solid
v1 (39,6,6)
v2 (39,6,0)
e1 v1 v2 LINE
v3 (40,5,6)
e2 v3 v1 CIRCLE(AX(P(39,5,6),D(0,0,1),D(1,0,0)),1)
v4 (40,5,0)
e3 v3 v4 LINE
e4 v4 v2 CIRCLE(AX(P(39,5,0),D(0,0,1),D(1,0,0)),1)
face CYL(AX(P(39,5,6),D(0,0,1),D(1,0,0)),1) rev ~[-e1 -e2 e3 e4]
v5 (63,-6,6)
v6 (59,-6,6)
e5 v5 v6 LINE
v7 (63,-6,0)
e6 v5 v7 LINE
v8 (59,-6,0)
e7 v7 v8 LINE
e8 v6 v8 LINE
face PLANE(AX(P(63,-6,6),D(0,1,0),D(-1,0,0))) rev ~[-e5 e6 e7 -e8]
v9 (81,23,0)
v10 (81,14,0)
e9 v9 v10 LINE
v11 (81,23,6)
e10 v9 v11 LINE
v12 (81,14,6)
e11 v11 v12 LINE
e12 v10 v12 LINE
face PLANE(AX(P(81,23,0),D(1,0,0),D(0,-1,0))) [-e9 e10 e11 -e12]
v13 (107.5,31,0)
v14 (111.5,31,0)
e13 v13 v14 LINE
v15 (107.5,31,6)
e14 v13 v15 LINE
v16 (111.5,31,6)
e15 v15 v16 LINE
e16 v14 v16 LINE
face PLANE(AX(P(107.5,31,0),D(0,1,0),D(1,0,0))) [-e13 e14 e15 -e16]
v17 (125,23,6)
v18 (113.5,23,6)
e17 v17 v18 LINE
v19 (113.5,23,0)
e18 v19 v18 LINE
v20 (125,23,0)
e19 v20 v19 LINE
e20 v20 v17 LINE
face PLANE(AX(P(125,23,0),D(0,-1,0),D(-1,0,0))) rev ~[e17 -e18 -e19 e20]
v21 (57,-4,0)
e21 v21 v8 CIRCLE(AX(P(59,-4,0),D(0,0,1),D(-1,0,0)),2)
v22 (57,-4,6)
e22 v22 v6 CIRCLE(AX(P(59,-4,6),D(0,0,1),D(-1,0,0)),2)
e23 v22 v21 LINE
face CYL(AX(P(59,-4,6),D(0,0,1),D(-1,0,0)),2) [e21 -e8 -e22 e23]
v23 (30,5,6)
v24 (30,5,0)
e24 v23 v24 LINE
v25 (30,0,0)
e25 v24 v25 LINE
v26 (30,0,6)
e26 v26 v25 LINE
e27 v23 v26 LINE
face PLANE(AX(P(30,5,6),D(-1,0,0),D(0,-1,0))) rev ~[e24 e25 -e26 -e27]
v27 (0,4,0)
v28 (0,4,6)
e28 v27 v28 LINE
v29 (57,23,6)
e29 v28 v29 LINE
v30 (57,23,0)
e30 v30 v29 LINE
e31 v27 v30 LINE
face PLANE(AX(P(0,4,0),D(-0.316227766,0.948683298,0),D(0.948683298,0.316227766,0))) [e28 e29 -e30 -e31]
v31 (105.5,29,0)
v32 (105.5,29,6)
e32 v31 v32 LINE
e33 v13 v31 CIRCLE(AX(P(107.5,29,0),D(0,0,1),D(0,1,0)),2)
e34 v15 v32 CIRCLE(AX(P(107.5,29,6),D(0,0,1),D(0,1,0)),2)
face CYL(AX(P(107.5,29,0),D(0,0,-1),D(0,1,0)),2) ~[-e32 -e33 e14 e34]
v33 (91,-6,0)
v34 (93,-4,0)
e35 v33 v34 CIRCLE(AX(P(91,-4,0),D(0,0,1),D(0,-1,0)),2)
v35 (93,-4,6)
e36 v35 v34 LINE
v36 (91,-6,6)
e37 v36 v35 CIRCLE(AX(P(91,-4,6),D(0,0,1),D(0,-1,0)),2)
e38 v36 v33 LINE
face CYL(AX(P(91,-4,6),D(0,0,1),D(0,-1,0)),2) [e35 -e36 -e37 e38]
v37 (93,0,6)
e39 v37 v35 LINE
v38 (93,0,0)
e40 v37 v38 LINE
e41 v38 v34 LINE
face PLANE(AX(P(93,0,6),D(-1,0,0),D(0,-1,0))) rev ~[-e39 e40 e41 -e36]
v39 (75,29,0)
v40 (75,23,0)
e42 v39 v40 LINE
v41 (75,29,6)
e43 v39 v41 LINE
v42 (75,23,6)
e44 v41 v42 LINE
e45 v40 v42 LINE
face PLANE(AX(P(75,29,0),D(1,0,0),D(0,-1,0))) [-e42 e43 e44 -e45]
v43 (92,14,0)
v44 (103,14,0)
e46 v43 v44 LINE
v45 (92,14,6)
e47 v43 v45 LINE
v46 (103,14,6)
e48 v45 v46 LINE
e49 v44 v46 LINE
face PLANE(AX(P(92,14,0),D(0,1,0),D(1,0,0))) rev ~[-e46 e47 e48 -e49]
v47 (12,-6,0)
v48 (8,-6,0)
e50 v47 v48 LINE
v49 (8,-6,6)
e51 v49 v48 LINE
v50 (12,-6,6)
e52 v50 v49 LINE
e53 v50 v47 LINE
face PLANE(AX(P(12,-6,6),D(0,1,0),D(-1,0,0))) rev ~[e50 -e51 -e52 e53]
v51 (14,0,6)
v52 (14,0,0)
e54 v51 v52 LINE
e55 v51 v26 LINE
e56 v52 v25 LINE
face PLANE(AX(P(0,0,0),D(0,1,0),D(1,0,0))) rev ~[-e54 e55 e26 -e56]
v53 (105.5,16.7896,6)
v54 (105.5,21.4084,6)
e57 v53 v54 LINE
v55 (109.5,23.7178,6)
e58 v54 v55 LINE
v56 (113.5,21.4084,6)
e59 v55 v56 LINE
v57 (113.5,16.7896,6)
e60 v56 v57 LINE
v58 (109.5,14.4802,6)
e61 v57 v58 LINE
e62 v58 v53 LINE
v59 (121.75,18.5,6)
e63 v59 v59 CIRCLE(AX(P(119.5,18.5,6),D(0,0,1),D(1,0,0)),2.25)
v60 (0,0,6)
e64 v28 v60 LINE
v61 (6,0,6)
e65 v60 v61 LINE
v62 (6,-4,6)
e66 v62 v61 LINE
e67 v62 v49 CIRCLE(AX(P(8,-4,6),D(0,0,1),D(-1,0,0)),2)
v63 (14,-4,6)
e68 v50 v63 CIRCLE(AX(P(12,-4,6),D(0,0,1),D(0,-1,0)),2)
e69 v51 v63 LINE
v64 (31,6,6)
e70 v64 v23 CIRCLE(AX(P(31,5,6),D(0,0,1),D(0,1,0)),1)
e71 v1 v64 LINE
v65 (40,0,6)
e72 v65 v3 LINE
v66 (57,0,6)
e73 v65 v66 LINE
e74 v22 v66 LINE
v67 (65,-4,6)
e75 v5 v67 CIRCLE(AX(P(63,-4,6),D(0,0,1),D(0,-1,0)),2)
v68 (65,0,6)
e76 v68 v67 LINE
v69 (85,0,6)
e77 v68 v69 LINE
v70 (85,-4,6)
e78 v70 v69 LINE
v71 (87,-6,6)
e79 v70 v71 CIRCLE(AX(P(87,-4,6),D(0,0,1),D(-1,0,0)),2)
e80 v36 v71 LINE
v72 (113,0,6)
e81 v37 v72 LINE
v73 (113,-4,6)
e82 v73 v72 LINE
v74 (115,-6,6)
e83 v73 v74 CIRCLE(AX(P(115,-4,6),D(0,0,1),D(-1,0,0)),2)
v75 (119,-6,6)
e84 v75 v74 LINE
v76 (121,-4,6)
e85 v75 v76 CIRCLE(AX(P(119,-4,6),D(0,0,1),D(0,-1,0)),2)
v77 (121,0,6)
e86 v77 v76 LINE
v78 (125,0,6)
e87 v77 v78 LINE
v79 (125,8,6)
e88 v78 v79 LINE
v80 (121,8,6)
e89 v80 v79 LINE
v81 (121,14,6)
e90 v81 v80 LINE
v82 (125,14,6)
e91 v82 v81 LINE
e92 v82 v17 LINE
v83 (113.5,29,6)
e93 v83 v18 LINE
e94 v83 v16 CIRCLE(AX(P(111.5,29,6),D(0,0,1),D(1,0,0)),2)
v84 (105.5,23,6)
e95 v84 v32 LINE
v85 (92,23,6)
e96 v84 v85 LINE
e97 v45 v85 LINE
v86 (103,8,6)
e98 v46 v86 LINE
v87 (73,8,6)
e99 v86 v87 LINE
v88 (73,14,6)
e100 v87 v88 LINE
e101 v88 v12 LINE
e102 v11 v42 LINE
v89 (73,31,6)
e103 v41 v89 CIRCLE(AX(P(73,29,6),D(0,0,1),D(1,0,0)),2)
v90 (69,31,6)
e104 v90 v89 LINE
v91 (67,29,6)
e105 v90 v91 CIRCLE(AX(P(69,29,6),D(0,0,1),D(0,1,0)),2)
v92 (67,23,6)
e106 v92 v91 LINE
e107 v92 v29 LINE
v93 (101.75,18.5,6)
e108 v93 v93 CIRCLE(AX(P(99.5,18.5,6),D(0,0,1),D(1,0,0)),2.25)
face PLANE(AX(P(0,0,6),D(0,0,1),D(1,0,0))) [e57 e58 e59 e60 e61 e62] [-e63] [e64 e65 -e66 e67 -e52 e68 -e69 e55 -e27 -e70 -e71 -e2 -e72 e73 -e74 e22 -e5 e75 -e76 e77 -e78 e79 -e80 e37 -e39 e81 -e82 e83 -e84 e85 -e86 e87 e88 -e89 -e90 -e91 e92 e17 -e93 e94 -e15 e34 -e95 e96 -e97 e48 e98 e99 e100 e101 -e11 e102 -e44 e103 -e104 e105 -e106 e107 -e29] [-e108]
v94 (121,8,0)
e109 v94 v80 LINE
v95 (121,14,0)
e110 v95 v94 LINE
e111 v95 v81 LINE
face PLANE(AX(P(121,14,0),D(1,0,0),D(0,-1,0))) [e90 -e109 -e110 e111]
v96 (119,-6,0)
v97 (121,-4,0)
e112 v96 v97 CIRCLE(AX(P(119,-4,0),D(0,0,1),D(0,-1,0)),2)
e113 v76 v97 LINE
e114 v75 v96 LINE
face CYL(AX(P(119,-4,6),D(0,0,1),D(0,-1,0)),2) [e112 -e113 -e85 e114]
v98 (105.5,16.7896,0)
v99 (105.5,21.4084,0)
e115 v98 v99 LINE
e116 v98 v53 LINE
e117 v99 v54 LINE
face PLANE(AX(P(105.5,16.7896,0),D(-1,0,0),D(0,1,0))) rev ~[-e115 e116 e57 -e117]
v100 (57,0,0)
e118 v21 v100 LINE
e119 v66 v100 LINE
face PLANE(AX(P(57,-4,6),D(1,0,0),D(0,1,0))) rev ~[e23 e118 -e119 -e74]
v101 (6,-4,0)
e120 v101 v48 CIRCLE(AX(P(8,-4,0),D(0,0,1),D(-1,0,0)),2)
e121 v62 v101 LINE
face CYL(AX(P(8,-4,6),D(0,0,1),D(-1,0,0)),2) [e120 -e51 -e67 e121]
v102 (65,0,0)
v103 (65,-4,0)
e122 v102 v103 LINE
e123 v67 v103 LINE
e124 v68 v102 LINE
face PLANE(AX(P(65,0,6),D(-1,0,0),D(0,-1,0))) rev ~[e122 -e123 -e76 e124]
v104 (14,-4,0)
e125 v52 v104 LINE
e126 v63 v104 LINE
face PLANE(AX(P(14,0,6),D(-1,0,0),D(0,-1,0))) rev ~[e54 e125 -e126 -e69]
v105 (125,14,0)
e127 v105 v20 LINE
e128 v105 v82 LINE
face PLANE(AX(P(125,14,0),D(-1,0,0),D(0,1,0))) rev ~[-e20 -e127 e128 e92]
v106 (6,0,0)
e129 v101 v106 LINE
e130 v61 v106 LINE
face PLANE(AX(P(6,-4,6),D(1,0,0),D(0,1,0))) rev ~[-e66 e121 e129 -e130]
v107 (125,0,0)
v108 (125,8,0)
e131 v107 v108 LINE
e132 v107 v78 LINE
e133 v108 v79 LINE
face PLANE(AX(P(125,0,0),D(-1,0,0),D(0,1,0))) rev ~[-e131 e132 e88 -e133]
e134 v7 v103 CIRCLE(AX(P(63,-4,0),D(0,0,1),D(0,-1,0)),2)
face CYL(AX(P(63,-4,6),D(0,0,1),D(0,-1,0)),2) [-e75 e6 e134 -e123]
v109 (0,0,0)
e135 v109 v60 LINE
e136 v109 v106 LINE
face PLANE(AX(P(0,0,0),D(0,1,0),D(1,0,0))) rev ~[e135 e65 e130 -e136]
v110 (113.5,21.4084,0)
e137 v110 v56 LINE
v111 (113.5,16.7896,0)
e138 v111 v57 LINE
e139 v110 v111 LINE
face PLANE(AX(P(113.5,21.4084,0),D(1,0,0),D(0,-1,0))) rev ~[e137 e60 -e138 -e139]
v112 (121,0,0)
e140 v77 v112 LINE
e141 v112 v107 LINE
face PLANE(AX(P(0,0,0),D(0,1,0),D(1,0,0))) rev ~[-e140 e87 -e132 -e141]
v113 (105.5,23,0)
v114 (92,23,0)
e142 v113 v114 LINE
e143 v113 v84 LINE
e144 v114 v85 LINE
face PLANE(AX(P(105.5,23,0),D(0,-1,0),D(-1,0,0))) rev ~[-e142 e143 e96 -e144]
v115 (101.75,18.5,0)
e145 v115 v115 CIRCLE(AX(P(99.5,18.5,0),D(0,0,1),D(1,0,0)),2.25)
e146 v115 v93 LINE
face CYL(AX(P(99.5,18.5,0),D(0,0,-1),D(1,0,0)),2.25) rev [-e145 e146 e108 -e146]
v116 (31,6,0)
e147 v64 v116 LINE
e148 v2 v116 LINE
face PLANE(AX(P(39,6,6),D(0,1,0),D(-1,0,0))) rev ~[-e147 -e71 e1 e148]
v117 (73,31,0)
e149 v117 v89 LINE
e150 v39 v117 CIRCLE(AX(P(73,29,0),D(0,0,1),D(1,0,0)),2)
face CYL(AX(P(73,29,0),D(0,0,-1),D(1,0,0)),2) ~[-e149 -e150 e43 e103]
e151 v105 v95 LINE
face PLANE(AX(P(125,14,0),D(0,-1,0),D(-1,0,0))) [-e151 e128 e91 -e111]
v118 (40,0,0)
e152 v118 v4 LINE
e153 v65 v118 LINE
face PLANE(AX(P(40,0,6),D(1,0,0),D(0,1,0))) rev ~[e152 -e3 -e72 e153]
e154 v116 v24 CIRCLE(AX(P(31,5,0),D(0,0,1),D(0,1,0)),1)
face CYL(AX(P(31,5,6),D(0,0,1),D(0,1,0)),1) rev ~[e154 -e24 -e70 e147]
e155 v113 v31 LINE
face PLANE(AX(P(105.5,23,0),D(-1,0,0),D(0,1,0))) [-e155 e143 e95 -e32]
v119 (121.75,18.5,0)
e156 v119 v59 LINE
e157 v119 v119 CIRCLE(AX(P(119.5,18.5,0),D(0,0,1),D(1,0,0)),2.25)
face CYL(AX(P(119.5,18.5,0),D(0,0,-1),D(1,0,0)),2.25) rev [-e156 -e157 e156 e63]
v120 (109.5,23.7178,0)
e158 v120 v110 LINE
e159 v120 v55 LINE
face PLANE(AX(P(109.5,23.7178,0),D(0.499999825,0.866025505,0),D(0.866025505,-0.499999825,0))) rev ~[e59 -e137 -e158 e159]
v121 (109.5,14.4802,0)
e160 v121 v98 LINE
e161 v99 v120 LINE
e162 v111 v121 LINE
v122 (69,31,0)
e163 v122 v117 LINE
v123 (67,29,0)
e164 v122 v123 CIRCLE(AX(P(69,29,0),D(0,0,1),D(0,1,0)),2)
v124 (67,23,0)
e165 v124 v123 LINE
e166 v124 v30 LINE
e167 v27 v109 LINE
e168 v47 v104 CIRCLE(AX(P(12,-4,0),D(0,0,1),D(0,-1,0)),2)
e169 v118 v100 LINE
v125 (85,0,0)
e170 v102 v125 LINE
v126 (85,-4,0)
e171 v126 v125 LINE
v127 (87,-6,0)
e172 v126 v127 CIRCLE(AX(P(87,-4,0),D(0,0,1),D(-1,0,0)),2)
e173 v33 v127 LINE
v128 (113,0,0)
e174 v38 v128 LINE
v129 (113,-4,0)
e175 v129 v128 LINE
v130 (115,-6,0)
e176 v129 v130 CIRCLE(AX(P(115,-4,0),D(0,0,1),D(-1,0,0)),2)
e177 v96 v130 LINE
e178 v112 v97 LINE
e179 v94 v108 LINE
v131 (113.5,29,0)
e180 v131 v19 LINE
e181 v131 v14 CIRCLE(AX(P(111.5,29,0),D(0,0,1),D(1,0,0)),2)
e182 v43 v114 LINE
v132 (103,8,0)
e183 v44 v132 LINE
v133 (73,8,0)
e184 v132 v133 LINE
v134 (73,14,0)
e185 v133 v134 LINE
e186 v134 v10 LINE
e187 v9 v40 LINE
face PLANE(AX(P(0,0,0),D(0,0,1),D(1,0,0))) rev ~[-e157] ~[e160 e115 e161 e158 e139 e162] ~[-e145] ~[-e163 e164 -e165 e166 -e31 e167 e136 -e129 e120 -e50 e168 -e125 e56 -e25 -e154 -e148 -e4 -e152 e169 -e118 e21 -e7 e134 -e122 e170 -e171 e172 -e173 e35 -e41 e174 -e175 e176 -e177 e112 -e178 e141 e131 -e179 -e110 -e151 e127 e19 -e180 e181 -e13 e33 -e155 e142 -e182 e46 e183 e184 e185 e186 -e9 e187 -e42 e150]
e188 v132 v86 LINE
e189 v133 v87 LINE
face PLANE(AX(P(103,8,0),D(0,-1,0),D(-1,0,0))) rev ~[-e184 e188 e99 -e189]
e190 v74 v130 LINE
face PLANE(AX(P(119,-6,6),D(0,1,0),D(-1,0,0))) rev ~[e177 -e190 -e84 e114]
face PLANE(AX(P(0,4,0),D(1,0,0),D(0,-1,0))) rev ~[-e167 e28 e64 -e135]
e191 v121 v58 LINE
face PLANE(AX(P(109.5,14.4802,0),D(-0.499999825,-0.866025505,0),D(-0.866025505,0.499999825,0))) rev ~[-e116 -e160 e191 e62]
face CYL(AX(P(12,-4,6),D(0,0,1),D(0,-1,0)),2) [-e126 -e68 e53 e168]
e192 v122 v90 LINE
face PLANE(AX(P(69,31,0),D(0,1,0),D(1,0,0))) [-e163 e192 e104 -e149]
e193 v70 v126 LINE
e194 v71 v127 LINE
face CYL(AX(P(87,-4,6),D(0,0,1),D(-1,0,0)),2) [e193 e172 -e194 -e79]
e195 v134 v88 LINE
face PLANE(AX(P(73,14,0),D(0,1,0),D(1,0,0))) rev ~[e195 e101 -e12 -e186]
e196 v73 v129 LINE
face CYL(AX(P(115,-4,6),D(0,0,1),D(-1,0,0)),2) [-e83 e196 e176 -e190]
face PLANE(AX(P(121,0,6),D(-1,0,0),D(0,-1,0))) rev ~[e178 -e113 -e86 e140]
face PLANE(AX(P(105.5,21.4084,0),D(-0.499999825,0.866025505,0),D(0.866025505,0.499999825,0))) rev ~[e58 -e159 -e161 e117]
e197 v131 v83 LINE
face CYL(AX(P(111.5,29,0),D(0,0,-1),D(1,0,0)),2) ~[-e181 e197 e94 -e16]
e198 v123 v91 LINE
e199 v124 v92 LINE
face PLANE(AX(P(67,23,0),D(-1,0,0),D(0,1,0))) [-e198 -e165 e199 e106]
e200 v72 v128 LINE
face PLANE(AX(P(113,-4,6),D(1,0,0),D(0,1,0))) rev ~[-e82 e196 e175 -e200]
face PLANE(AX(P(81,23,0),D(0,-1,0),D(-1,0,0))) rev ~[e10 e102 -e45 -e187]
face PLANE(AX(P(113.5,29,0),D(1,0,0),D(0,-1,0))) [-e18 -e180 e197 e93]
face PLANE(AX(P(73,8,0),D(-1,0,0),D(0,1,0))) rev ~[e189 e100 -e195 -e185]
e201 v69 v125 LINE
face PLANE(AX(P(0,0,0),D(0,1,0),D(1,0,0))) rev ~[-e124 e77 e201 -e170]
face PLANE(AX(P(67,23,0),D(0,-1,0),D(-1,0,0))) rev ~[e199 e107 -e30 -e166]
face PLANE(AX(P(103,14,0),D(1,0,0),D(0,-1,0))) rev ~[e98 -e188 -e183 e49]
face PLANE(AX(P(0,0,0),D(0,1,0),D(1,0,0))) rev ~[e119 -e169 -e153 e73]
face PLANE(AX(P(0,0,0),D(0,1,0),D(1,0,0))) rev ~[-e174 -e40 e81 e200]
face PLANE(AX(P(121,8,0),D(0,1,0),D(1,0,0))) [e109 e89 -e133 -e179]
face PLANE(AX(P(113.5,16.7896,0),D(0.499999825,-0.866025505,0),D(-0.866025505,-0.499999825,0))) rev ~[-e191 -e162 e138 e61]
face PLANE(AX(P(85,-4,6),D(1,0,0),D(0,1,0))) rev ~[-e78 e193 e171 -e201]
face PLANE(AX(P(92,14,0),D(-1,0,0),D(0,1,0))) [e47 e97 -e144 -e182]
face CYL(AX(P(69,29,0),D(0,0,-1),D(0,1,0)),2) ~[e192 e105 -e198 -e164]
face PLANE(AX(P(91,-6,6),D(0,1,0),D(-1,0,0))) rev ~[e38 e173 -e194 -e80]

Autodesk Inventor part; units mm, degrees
ref_plane "YZ Plane" through (0, 0, 0) normal (1, 0, 0) x (0, 1, 0)
ref_plane "XZ Plane" through (0, 0, 0) normal (0, 1, 0) x (-1, 0, 0)
ref_plane "XY Plane" through (0, 0, 0) normal (0, 0, 1) x (1, 0, 0)
sketch "Sketch1" plane through (0, 0, 0) normal (0, 0, 1) x (1, 0, 0)
  line L0 (0, 4) -> (0, 0)
  line L1 (0, 0) -> (125, 0)
  line L2 (0, 4) -> (57, 23)
  line L3 (103, 14) -> (103, 8)
  line L4 (103, 8) -> (73, 8)
  line L5 (73, 8) -> (73, 14)
  line L6 (125, 14) -> (121, 14)
  line L7 (121, 14) -> (121, 8)
  line L8 (121, 8) -> (125, 8)
  line L9 (125, 0) -> (125, 8)
  line L10 (125, 14) -> (125, 23)
  line L11 (81, 23) -> (81, 14)
  line L12 (92, 14) -> (92, 23)
  line L13 (73, 14) -> (81, 14)
  line L14 (92, 14) -> (103, 14)
  line L15 (81, 14) -> (92, 14) construction
  circle A0 centre (86.5, 19.099) radius 7.5 construction
  circle A1 centre (86.5, 19.099) radius 4 construction
  line L16 (113.5, 21.4084) -> (113.5, 16.7896)
  line L17 (113.5, 16.7896) -> (109.5, 14.4802)
  line L18 (109.5, 14.4802) -> (105.5, 16.7896)
  line L19 (105.5, 16.7896) -> (105.5, 21.4084)
  line L20 (105.5, 21.4084) -> (109.5, 23.7178)
  line L21 (109.5, 23.7178) -> (113.5, 21.4084)
  circle A2 centre (109.5, 19.099) radius 2.5 construction
  line L22 (105.5, 23) -> (105.5, 29)
  line L23 (107.5, 31) -> (111.5, 31)
  line L24 (113.5, 29) -> (113.5, 23)
  arc A3 (107.5, 31) -> (105.5, 29) centre (107.5, 29) ccw
  arc A4 (113.5, 29) -> (111.5, 31) centre (111.5, 29) ccw
  line L25 (125, 23) -> (113.5, 23)
  line L26 (105.5, 23) -> (92, 23)
  circle A5 centre (99.5, 18.5) radius 4.5 construction
  circle A6 centre (119.5, 18.5) radius 4.5 construction
  circle A7 centre (99.5, 18.5) radius 2.25
  circle A8 centre (119.5, 18.5) radius 2.25
  line L27 (67, 23) -> (67, 29)
  line L28 (69, 31) -> (73, 31)
  line L29 (75, 29) -> (75, 23)
  arc A9 (69, 31) -> (67, 29) centre (69, 29) ccw
  arc A10 (75, 29) -> (73, 31) centre (73, 29) ccw
  line L30 (81, 23) -> (75, 23)
  line L31 (67, 23) -> (57, 23)
  point P0 (81, 14)
  point P1 (92, 14)
  point P2 (86.5, 14)
  point P3 (125, 18.5)
  point P4 (109.5, 31)
  dimension "d0" = 8
  dimension "d2" = 6
  dimension "d3" = 4
  dimension "d4" = 15
  dimension "d5" = 8
  dimension "d6" = 9
  dimension "d7" = 11
  dimension "d8" = 11
  dimension "d9" = 8
  dimension "d10" = 5
  dimension "d11" = 2
  dimension "d12" = 8
  dimension "d13" = 9
  dimension "d14" = 9
  dimension "d15" = 10
  dimension "d16" = 10
  dimension "d17" = 4.5
  dimension "d18" = 4.5
  dimension "d19" = 13
  dimension "d20" = 5.5
  dimension "d21" = 18
  dimension "d22" = 2
  dimension "d23" = 8
  dimension "d24" = 6
  dimension "d25" = 10
  dimension "d27" = 30
  dimension "d28" = 4
  dimension "d30" = 8
  dimension "d31" = 125
extrude "Extrusion1" add sketch "Sketch1" along normal blind 6
sketch "Sketch2" plane through (0, 0, 6) normal (0, 0, 1) x (1, 0, 0)
  line L0 (0, 4) -> (0, 0) projected
  line L1 (0, 0) -> (125, 0) projected
  line L2 (6, 0) -> (14, 0)
  line L3 (14, 0) -> (14, -4)
  line L4 (12, -6) -> (8, -6)
  line L5 (6, -4) -> (6, 0)
  line L6 (57, 0) -> (65, 0)
  line L7 (65, 0) -> (65, -4)
  line L8 (63, -6) -> (59, -6)
  line L9 (57, -4) -> (57, 0)
  line L10 (85, 0) -> (93, 0)
  line L11 (93, 0) -> (93, -4)
  line L12 (91, -6) -> (87, -6)
  line L13 (85, -4) -> (85, 0)
  line L14 (113, 0) -> (121, 0)
  line L15 (121, 0) -> (121, -4)
  line L16 (119, -6) -> (115, -6)
  line L17 (113, -4) -> (113, 0)
  arc A0 (6, -4) -> (8, -6) centre (8, -4) ccw
  arc A1 (12, -6) -> (14, -4) centre (12, -4) ccw
  arc A2 (57, -4) -> (59, -6) centre (59, -4) ccw
  arc A3 (63, -6) -> (65, -4) centre (63, -4) ccw
  arc A4 (85, -4) -> (87, -6) centre (87, -4) ccw
  arc A5 (91, -6) -> (93, -4) centre (91, -4) ccw
  arc A6 (113, -4) -> (115, -6) centre (115, -4) ccw
  arc A7 (119, -6) -> (121, -4) centre (119, -4) ccw
  dimension "d34" = 2
  dimension "d35" = 8
  dimension "d36" = 8
  dimension "d37" = 8
  dimension "d38" = 8
  dimension "d39" = 6
  dimension "d40" = 6
  dimension "d41" = 43
  dimension "d42" = 20
  dimension "d43" = 20
extrude "Extrusion2" add sketch "Sketch2" against normal blind 6
sketch "Sketch3" plane through (0, 0, 6) normal (0, 0, 1) x (1, 0, 0)
  line L0 (0, 4) -> (0, 0) projected
  line L1 (14, 0) -> (57, 0) projected
  line L2 (30, 0) -> (40, 0)
  line L3 (40, 0) -> (40, 5)
  line L4 (39, 6) -> (31, 6)
  line L5 (30, 5) -> (30, 0)
  arc A0 (31, 6) -> (30, 5) centre (31, 5) ccw
  arc A1 (40, 5) -> (39, 6) centre (39, 5) ccw
  point P0 (35, 6)
  dimension "d46" = 1
  dimension "d47" = 10
  dimension "d48" = 6
  dimension "d49" = 35
extrude "Extrusion3" cut sketch "Sketch3" against normal through all
properties part number "x_motor_wall_lower"
